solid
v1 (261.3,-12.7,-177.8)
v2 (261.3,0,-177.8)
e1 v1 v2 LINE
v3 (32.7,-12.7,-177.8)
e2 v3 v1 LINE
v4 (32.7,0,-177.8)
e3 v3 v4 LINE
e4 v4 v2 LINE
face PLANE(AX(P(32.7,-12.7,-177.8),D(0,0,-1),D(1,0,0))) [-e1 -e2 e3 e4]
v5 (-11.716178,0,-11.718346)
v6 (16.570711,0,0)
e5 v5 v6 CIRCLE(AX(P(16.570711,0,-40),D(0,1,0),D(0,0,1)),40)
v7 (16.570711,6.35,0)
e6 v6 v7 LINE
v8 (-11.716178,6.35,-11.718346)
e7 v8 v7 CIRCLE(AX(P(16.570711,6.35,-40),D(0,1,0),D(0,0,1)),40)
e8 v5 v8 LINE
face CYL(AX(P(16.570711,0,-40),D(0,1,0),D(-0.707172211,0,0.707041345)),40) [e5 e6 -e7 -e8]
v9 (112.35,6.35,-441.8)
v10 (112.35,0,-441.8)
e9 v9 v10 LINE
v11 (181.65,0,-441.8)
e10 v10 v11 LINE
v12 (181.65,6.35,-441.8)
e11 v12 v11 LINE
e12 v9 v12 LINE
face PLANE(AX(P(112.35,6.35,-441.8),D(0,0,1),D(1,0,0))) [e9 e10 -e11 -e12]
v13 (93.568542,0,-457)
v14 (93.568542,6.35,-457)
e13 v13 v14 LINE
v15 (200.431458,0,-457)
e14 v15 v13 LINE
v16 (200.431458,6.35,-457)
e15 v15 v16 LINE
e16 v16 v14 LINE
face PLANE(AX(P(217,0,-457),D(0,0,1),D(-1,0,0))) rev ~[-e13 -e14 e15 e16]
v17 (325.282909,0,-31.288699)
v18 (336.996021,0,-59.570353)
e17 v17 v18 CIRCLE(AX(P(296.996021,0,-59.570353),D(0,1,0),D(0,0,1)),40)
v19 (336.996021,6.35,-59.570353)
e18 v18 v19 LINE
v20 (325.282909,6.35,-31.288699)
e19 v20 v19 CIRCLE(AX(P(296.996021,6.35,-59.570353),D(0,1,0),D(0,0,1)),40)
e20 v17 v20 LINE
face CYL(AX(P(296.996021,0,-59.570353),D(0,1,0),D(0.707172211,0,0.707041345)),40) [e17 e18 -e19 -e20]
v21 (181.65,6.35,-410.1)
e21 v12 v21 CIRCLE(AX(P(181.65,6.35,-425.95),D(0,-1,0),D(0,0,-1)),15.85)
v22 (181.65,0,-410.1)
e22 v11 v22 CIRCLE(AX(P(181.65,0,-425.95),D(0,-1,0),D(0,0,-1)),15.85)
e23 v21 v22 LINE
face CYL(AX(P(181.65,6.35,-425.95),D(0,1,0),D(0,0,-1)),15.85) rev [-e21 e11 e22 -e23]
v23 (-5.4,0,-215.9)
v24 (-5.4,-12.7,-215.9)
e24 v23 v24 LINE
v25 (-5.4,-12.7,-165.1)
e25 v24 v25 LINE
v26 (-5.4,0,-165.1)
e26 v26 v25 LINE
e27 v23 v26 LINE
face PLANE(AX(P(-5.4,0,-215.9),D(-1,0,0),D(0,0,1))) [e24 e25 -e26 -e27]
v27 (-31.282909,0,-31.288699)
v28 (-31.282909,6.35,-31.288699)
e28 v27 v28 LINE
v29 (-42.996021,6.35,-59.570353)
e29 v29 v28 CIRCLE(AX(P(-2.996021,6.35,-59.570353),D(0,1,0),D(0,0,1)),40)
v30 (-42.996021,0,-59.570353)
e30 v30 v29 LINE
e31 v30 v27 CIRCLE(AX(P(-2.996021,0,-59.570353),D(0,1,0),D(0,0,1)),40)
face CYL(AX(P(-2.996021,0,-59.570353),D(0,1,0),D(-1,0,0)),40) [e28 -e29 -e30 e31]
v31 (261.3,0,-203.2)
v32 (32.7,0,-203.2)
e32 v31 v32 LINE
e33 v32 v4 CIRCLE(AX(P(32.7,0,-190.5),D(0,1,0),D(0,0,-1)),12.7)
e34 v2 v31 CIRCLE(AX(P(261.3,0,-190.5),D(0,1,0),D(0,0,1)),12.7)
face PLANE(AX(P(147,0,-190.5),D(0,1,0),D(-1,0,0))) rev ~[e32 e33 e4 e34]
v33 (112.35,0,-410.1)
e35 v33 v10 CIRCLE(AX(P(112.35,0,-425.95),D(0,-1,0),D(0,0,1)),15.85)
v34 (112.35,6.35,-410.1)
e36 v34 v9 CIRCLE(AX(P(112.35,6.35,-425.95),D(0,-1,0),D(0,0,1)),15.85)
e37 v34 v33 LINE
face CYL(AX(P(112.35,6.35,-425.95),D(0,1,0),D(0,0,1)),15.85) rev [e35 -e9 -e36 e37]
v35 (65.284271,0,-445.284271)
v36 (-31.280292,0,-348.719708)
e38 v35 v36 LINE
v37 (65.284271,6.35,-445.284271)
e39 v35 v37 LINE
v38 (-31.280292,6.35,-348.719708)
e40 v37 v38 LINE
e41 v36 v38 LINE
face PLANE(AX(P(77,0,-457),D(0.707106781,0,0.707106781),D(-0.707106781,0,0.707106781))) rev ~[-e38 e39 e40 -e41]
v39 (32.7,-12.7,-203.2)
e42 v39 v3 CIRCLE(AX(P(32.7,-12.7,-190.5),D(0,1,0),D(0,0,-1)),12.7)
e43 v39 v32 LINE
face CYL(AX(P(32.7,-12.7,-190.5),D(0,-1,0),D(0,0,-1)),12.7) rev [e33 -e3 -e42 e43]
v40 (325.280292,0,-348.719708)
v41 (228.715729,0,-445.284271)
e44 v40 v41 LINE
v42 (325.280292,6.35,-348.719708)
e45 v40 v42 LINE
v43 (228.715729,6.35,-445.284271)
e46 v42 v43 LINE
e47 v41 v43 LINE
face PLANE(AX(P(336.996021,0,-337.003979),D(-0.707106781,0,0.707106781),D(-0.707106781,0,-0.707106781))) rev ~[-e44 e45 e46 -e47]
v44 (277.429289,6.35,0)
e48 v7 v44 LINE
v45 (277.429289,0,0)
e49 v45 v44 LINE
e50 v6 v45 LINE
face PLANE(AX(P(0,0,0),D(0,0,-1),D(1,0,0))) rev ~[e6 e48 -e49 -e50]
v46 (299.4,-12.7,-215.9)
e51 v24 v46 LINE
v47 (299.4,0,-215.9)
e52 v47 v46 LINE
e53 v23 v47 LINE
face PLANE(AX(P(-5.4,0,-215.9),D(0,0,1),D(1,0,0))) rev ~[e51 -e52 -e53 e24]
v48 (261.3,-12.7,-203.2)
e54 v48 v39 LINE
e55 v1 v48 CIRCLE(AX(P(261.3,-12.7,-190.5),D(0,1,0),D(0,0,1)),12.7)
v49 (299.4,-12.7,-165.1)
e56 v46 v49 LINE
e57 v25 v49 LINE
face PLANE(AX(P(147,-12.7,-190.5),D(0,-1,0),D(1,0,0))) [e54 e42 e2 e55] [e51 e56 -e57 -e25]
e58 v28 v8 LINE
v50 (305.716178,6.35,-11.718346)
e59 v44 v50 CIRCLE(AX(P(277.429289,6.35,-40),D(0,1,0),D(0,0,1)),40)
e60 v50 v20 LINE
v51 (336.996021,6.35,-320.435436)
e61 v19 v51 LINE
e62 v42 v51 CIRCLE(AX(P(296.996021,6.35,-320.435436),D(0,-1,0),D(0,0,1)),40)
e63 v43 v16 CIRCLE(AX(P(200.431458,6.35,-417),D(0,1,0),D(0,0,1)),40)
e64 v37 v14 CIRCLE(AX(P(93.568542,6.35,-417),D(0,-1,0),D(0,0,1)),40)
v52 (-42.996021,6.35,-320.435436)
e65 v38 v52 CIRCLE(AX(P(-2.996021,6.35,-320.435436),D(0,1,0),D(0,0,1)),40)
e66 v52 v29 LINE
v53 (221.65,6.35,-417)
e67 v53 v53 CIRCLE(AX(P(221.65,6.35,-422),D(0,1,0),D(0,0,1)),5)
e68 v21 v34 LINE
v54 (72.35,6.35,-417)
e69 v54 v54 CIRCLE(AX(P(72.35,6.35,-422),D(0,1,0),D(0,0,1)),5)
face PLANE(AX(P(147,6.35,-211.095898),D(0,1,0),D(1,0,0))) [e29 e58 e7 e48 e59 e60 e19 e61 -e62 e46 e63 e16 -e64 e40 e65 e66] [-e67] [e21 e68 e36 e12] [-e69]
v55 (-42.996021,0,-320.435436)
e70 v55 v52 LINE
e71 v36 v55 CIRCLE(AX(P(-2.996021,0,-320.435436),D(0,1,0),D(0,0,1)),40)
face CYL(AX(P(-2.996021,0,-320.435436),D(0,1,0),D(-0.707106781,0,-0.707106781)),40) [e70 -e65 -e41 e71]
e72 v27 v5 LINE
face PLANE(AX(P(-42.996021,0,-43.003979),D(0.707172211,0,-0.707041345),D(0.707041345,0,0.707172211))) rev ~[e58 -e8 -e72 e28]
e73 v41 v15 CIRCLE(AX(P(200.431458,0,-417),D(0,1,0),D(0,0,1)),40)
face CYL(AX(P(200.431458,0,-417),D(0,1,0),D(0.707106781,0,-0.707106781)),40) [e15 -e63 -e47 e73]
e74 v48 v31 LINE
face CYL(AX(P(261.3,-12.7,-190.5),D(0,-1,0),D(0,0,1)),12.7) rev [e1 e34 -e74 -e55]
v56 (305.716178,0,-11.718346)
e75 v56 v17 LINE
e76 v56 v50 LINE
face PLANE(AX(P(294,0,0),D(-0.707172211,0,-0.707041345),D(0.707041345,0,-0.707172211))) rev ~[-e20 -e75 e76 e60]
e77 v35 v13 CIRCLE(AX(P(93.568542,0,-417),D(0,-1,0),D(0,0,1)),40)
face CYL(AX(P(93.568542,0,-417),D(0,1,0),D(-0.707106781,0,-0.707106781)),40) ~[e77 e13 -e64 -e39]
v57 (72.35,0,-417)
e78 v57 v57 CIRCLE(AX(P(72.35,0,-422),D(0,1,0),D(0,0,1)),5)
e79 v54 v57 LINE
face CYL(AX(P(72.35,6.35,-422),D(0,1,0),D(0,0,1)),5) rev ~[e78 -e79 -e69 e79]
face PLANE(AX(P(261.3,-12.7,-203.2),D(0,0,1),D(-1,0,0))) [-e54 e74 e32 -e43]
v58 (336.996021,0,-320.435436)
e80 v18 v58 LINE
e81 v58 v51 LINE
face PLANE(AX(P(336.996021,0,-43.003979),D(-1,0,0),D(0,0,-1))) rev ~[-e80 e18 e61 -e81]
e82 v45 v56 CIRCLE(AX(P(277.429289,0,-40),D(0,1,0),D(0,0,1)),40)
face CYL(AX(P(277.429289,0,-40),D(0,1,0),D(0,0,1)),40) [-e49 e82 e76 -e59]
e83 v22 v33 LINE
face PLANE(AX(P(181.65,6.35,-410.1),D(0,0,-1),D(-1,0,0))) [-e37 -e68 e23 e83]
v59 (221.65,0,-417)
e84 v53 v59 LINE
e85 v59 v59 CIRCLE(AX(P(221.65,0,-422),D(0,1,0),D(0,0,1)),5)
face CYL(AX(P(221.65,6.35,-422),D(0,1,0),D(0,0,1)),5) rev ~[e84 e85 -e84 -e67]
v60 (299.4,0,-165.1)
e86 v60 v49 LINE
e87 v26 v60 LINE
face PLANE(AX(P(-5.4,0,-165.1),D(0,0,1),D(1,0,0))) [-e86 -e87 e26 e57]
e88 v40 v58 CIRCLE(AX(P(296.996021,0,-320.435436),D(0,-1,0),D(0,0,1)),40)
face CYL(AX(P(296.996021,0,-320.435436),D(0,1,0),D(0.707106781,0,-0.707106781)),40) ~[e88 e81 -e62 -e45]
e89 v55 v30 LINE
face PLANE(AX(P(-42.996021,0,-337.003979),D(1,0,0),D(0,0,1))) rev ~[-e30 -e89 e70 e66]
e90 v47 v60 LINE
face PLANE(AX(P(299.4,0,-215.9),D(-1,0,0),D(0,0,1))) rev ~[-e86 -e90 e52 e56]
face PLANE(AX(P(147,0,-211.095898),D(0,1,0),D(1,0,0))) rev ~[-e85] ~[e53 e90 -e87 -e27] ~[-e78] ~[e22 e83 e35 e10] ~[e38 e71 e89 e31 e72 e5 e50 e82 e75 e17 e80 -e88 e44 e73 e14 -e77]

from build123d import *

# Parameters (mm, degrees)
BODY_DEPTH                    = 6.35
HANDLE_DEPTH                  = 6.35
SKETCH11_R                    = 5
LOCKING_MECHANISM_HOLES_DEPTH = 6.36
FILLET1_R                     = 40
FILLET2_R                     = 40
SKETCH12_W                    = 304.8
SKETCH12_H                    = 50.8
BOSS_EXTRUDE1_DEPTH           = 12.7
CUT_EXTRUDE3_DEPTH            = 12.7


with BuildPart() as part:
    # Sketch1 → Body (new body)
    with BuildSketch(Plane(origin=(0, 0, 0), x_dir=(1, 0, 0), z_dir=(0, 1, 0))):
        Polygon((0, 0), (294, 0), (336.996020767, 43.003978862), (336.996020767, 337.003978862), (217, 456.999999629), (77, 456.999999629), (-42.996020767, 337.003978862), (-42.996020767, 43.003978862), align=None)
    extrude(amount=BODY_DEPTH)

    # Sketch2 → Handle (cut)
    with BuildSketch(Plane(origin=(0, 6.35, 0), x_dir=(1, 0, 0), z_dir=(0, 1, 0))):
        with BuildLine():
            Line((112.35, 441.799999629), (181.65, 441.799999629))
            ThreePointArc((181.65, 441.799999629), (197.5, 425.949999629), (181.65, 410.099999629))
            Line((181.65, 410.099999629), (112.35, 410.099999629))
            ThreePointArc((112.35, 410.099999629), (96.5, 425.949999629), (112.35, 441.799999629))
        make_face()
    extrude(amount=-HANDLE_DEPTH, mode=Mode.SUBTRACT)

    # Sketch11 → Locking Mechanism Holes (cut)
    with BuildSketch(Plane(origin=(0, 6.35, 0), x_dir=(1, 0, 0), z_dir=(0, 1, 0))):
        with Locations(Location((221.65, 421.999999629, 0), (0, 0, 270))):
            Circle(SKETCH11_R)
        with Locations(Location((72.35, 421.999999629, 0), (0, 0, 270))):
            Circle(SKETCH11_R)
    extrude(amount=-LOCKING_MECHANISM_HOLES_DEPTH, mode=Mode.SUBTRACT)

    # Fillet1
    fillet1_edges = [part.edges().sort_by_distance(p)[0] for p in [
        (77, 3.175, -456.999999629),
        (217, 3.175, -456.999999629),
    ]]
    fillet(fillet1_edges, radius=FILLET1_R)

    # Fillet2
    fillet2_edges = [part.edges().sort_by_distance(p)[0] for p in [
        (-42.996020767, 3.175, -43.003978862),
        (-42.996020767, 3.175, -337.003978862),
        (336.996020767, 3.175, -337.003978862),
        (336.996020767, 3.175, -43.003978862),
        (294, 3.175, 0),
        (0, 3.175, 0),
    ]]
    fillet(fillet2_edges, radius=FILLET2_R)

    # Sketch12 → Boss-Extrude1 (add)
    with BuildSketch(Plane.XZ):
        with Locations((147, -190.5)):
            Rectangle(SKETCH12_W, SKETCH12_H)
    extrude(amount=BOSS_EXTRUDE1_DEPTH)

    # Sketch13 → Cut-Extrude3 (cut)
    with BuildSketch(Plane.XZ.offset(12.7)):
        with BuildLine():
            Line((261.3, -203.2), (32.7, -203.2))
            ThreePointArc((32.7, -203.2), (20, -190.5), (32.7, -177.8))
            Line((32.7, -177.8), (261.3, -177.8))
            ThreePointArc((261.3, -177.8), (274, -190.5), (261.3, -203.2))
        make_face()
    extrude(amount=-CUT_EXTRUDE3_DEPTH, mode=Mode.SUBTRACT)


solid = part.part
